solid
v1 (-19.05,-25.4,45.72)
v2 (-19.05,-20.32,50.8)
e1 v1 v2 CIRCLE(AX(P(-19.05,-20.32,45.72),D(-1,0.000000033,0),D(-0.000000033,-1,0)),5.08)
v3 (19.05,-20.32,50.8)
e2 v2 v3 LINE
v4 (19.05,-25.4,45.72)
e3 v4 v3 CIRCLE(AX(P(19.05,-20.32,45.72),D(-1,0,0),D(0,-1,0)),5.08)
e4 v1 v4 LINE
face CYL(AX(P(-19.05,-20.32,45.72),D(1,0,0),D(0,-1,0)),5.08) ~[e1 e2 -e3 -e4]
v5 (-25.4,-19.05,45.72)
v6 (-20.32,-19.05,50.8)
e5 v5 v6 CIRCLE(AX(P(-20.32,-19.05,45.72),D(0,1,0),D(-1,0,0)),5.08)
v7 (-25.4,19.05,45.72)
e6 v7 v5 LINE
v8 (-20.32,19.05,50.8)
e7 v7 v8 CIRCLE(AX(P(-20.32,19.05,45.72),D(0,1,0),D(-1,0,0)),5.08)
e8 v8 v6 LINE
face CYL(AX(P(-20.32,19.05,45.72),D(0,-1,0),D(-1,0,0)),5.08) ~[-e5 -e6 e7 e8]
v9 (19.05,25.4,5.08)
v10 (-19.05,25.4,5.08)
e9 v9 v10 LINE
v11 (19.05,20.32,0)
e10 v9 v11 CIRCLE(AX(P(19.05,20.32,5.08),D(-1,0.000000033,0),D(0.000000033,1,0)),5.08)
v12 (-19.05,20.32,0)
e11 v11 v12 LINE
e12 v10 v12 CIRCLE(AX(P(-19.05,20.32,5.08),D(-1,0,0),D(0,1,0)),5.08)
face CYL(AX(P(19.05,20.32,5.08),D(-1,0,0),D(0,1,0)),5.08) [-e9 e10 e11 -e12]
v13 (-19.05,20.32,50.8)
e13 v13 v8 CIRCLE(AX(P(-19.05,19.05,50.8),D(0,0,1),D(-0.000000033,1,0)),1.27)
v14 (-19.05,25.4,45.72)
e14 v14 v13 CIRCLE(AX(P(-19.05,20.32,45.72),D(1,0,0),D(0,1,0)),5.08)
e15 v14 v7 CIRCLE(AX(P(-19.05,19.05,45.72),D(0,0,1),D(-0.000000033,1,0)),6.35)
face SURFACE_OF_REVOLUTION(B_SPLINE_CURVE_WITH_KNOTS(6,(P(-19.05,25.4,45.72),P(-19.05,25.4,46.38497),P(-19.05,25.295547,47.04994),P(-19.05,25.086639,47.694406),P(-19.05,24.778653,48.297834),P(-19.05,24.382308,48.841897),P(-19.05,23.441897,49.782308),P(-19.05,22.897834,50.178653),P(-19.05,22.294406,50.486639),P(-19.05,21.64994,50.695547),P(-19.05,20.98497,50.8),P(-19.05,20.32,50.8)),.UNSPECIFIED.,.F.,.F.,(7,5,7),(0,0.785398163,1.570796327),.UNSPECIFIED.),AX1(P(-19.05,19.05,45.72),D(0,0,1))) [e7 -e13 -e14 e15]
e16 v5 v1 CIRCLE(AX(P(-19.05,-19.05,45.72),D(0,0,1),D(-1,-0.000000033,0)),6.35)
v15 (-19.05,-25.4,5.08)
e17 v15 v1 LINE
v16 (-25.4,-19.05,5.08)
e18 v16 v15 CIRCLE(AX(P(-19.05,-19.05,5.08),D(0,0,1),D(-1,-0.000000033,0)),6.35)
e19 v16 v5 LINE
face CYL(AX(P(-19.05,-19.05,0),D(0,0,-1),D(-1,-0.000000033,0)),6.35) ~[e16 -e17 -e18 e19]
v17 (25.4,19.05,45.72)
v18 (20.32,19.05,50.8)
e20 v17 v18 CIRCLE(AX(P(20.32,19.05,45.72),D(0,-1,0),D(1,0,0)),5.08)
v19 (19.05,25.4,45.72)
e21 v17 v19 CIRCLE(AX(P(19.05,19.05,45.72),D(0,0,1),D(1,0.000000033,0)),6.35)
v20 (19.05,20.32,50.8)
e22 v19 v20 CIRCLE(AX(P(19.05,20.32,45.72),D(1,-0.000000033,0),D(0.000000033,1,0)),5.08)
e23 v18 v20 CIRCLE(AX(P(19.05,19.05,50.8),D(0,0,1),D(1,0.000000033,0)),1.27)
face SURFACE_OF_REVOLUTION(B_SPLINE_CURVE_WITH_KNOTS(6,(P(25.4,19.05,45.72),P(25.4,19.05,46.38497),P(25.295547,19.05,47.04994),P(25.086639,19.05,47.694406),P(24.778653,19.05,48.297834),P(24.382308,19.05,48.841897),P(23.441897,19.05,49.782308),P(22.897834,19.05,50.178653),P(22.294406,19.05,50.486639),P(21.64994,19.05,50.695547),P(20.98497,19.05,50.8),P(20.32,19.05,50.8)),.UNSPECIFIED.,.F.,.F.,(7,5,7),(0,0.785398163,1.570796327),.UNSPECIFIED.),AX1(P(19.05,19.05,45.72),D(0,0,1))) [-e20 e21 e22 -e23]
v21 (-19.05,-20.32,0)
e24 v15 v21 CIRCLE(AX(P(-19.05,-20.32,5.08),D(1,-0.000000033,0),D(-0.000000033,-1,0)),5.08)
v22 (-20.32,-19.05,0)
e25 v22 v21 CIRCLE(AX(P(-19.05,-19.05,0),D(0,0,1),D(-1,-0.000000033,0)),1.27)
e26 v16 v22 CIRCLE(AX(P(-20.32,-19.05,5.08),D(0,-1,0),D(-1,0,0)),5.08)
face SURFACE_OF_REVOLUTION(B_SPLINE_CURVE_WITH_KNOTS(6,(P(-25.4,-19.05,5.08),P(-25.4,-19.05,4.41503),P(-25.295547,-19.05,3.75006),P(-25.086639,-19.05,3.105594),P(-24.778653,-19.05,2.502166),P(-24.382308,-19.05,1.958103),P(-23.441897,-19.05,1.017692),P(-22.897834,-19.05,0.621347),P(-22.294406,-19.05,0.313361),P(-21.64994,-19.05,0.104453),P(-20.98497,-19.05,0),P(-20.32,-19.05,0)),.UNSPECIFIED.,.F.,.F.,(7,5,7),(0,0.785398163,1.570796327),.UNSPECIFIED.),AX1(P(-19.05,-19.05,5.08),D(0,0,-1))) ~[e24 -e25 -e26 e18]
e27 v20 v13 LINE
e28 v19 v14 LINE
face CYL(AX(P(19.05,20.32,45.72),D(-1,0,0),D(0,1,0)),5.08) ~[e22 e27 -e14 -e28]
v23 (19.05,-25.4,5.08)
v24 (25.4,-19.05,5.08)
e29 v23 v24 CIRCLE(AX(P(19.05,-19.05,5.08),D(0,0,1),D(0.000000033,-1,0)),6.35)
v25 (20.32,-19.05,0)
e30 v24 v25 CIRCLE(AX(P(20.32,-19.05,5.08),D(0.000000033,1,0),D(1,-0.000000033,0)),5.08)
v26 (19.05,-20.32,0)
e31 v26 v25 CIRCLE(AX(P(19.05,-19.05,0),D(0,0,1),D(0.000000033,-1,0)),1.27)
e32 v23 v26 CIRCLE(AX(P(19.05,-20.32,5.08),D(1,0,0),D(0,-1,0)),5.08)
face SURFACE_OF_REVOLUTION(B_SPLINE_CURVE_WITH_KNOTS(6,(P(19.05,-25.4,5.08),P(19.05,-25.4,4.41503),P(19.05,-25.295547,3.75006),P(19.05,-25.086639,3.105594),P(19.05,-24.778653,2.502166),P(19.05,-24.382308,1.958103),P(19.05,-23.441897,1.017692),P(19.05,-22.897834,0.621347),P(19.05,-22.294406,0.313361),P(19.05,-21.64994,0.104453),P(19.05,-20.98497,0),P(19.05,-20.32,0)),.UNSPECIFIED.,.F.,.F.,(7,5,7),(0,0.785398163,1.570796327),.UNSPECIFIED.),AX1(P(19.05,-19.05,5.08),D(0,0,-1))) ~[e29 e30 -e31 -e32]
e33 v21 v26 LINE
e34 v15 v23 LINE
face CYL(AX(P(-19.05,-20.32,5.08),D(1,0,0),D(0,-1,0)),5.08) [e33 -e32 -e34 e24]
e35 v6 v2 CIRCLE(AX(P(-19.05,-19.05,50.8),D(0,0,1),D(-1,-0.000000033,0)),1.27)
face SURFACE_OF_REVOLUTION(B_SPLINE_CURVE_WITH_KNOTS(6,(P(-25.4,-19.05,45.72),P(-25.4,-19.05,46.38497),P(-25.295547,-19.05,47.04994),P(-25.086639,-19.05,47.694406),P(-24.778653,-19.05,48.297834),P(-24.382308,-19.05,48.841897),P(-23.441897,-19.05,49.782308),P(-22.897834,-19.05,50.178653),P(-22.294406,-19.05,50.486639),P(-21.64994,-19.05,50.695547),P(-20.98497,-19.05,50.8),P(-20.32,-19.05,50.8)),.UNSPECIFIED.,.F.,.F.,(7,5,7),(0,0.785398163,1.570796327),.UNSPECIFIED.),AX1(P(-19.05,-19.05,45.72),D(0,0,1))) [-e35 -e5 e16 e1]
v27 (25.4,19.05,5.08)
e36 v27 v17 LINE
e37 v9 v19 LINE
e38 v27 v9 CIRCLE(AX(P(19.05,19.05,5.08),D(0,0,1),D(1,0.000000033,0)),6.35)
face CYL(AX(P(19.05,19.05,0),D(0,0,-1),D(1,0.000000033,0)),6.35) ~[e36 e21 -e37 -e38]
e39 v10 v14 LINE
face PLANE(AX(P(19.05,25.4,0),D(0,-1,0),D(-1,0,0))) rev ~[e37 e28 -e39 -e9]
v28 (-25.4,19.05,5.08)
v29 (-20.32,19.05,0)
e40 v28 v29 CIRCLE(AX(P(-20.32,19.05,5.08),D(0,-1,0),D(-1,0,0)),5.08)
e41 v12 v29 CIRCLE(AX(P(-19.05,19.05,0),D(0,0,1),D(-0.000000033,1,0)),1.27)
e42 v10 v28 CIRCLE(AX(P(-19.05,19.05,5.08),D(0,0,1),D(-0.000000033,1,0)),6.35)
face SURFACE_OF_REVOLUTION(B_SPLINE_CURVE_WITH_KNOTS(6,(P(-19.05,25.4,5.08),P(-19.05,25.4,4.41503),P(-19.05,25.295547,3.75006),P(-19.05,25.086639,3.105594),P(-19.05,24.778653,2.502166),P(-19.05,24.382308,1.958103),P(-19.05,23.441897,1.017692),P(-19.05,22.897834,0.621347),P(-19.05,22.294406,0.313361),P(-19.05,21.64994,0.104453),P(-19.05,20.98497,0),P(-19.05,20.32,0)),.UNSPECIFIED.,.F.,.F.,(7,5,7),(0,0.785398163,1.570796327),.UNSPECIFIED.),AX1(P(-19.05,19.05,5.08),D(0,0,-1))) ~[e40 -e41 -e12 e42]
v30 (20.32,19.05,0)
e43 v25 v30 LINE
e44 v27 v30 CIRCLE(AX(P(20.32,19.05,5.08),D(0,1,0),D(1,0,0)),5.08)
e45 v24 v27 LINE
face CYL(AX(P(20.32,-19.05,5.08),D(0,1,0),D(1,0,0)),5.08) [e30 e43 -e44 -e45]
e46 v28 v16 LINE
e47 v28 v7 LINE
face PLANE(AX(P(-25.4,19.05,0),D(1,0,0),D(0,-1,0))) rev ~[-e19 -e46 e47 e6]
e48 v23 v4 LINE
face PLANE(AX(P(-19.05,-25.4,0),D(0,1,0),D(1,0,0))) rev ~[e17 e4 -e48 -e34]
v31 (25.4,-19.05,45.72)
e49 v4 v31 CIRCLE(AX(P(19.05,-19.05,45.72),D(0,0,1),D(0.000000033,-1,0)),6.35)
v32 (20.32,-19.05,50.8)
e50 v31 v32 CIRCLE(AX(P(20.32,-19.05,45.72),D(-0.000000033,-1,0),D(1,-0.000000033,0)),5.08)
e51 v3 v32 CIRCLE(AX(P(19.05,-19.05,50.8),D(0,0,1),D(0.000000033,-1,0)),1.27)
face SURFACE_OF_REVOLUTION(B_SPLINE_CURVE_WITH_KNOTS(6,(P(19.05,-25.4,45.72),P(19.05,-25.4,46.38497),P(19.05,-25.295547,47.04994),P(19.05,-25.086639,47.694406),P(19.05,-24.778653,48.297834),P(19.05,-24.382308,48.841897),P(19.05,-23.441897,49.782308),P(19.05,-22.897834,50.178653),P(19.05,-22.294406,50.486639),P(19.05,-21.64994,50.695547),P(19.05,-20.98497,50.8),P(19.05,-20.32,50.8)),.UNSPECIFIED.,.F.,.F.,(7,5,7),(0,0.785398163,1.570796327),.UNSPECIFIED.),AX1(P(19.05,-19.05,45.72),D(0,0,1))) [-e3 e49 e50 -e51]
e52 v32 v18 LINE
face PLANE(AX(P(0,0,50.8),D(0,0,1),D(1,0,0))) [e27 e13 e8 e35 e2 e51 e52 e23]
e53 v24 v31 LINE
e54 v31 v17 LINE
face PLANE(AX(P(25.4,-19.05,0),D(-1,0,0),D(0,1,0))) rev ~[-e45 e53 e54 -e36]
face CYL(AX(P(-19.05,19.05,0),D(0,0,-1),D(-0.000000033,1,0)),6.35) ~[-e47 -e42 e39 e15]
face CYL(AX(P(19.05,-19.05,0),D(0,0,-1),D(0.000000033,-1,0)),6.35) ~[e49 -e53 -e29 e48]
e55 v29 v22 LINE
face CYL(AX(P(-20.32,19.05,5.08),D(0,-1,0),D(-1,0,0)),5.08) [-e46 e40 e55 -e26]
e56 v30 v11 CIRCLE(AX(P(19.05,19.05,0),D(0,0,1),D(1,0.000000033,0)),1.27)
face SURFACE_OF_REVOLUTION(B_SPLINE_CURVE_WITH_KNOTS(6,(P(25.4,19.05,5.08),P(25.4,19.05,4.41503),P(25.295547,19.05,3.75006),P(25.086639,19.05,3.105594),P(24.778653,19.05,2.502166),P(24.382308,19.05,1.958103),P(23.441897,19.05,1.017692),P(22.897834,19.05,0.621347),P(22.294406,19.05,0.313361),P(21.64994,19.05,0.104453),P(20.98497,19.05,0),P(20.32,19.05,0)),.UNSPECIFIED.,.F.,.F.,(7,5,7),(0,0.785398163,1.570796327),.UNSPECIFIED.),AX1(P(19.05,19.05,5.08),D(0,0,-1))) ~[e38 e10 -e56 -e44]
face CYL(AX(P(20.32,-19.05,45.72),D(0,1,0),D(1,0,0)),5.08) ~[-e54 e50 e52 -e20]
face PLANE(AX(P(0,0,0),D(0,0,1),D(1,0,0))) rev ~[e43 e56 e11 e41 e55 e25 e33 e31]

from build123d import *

# Parameters (mm, degrees)
F1_DEPTH = 50.8
F2_R     = 5.08


with BuildPart() as f1:
    # F0 (on Top) → F1 (new body)
    with BuildSketch(Plane.XY):
        with BuildLine():
            Line((-19.05, -25.4), (19.05, -25.4))
            ThreePointArc((19.05, -25.4), (23.540128, -23.540128), (25.4, -19.05))
            Line((25.4, -19.05), (25.4, 19.05))
            ThreePointArc((25.4, 19.05), (23.540128, 23.540128), (19.05, 25.4))
            Line((19.05, 25.4), (-19.05, 25.4))
            ThreePointArc((-19.05, 25.4), (-23.540128, 23.540128), (-25.4, 19.05))
            Line((-25.4, 19.05), (-25.4, -19.05))
            ThreePointArc((-25.4, -19.05), (-23.540128, -23.540128), (-19.05, -25.4))
        make_face()
    extrude(amount=F1_DEPTH)

    # F2
    f2_edges = [f1.edges().sort_by_distance(p)[0] for p in [
        (-25.4, 0, 50.8),
        (-25.4, 0, 0),
    ]]
    fillet(f2_edges, radius=F2_R)


solid = f1.part
